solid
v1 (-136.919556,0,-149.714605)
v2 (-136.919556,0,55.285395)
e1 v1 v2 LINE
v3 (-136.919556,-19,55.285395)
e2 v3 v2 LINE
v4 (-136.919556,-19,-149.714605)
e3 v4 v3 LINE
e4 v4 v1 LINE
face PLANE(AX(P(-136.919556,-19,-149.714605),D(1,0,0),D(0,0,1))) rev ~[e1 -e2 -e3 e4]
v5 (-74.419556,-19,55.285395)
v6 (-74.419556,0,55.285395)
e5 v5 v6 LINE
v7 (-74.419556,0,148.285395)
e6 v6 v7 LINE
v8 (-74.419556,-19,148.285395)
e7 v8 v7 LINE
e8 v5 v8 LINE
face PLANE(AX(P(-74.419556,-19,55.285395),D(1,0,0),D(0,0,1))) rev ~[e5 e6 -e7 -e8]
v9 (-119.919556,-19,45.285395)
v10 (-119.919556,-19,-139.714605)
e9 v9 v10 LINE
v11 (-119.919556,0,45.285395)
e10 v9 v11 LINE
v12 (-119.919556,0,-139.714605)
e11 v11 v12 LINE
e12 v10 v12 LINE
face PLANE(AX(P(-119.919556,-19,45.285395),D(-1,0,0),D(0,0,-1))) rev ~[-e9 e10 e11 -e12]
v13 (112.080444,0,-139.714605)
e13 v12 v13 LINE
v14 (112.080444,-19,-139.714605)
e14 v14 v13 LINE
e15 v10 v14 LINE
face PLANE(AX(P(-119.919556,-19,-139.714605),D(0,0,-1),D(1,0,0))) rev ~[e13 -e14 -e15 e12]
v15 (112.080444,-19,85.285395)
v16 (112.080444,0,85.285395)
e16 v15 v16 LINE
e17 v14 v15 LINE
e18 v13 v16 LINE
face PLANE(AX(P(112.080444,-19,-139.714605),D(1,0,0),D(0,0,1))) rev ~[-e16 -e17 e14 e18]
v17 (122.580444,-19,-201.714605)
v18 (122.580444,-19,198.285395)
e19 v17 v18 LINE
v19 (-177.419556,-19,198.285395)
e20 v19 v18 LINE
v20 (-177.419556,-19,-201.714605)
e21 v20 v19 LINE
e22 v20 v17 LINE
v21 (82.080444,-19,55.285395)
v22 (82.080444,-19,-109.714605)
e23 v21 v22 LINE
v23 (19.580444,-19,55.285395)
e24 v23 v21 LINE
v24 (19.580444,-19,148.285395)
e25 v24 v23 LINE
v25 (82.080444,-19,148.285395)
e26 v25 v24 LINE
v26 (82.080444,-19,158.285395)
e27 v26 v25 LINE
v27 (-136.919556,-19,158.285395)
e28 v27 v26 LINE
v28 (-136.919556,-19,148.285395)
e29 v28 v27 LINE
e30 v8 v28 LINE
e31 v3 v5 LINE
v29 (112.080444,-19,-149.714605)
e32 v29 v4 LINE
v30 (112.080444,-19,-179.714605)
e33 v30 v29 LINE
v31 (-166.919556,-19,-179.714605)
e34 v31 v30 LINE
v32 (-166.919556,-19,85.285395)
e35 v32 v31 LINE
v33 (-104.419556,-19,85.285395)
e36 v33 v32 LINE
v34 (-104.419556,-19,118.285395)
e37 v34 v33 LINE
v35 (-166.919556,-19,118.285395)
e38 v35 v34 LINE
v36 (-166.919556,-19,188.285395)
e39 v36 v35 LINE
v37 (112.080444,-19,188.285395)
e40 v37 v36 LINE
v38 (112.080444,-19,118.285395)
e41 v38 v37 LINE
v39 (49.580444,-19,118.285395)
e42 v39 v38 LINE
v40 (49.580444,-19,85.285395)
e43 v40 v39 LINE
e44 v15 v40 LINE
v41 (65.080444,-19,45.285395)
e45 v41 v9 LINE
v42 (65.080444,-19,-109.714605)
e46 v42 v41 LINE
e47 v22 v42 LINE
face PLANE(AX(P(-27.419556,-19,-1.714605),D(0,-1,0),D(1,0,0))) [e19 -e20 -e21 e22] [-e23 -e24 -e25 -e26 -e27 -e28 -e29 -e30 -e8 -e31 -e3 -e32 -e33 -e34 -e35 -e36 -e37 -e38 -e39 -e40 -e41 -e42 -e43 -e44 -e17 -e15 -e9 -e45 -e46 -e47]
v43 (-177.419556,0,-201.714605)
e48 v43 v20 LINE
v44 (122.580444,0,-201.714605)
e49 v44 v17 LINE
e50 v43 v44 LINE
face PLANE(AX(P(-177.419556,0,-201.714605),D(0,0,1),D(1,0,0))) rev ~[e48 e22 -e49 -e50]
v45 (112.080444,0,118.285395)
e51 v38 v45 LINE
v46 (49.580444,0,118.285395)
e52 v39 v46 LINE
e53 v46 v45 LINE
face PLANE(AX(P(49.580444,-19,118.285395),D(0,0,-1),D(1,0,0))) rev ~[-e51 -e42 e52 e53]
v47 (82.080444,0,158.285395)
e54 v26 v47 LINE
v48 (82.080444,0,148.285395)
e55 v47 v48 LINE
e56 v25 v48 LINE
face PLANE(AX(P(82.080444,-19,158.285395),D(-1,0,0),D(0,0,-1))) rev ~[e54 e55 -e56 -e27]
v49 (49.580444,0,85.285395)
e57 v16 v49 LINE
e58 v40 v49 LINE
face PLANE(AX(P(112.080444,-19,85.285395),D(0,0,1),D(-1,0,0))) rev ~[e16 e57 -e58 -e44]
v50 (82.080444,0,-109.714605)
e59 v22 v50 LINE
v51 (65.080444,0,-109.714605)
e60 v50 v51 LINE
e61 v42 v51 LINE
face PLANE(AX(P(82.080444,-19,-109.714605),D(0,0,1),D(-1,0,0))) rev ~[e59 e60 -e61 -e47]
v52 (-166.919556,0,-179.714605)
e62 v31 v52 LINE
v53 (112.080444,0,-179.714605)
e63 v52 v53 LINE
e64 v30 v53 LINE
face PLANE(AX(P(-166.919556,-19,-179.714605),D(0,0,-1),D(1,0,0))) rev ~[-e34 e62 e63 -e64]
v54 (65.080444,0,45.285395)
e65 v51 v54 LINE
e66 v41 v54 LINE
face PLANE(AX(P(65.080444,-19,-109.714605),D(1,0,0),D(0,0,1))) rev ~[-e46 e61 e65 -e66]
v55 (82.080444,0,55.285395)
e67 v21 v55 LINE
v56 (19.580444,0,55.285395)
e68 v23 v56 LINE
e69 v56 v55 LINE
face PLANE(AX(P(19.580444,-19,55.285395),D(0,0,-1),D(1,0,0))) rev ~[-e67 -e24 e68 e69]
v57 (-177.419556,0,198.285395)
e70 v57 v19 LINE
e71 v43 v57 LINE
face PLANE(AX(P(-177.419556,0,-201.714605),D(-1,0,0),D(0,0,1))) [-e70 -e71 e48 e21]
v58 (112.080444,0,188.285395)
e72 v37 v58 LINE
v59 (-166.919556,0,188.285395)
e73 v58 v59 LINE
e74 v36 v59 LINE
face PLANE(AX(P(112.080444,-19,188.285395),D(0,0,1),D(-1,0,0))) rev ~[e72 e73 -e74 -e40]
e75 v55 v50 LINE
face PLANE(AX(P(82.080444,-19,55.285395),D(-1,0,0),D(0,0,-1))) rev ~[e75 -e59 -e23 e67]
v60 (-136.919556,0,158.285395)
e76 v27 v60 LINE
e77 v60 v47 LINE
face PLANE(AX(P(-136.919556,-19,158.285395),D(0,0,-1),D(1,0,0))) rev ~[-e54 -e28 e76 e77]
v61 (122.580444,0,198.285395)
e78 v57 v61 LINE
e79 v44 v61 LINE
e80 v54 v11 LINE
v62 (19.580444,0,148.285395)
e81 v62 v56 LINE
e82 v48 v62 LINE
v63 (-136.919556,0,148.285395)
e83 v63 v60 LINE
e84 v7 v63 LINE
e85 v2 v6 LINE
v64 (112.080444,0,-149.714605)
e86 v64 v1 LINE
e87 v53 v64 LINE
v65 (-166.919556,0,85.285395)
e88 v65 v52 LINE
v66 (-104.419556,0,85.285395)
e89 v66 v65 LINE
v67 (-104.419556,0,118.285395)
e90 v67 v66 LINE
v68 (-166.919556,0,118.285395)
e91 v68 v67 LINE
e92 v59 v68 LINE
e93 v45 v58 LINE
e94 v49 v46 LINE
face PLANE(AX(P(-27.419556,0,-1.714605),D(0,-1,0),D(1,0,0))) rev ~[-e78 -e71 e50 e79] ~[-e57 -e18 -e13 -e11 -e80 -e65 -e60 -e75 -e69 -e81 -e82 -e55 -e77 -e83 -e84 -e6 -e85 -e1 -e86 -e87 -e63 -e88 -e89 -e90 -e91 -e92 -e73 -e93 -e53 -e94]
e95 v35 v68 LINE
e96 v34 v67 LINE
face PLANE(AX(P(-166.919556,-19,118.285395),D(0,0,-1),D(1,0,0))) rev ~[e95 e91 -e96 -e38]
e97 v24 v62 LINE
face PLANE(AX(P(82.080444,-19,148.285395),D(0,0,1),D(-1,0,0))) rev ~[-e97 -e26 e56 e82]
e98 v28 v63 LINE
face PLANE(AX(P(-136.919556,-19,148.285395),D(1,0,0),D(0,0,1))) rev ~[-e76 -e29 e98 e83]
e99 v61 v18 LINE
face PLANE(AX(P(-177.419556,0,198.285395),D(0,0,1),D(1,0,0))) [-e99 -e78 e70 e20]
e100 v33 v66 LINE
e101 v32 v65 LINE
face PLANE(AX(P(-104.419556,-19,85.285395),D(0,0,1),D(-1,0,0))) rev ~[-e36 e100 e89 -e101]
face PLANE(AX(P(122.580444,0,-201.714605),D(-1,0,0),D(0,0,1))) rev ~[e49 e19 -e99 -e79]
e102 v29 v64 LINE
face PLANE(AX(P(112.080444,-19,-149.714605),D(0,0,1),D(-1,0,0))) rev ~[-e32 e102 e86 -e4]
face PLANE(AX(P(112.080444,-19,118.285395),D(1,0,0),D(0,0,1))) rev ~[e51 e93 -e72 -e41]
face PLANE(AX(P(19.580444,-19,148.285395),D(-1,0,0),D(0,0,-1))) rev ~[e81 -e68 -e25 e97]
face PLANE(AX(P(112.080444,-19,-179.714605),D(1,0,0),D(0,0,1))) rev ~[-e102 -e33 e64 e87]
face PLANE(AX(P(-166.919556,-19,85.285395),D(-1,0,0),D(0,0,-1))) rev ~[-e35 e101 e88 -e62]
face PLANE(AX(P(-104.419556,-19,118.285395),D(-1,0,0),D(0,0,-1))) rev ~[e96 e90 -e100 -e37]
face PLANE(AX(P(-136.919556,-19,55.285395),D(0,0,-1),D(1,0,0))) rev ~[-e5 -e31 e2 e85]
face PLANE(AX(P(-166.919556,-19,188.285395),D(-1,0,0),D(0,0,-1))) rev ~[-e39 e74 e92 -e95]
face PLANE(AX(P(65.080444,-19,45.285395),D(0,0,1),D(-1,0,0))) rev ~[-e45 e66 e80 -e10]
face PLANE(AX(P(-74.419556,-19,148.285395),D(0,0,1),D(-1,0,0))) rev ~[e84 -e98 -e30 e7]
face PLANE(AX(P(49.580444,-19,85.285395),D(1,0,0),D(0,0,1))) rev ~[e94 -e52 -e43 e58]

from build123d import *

# Parameters (mm, degrees)
F0_W     = 300
F0_H     = 400
F1_DEPTH = 19
F3_DEPTH = 19


with BuildPart() as f1:
    # F0 (on Front) → F1 (new body)
    with BuildSketch(Plane.XZ):
        with Locations((-27.419556, -1.714605)):
            Rectangle(F0_W, F0_H)
    extrude(amount=F1_DEPTH)

    # F2 (on face) → F3 (cut)
    with BuildSketch(Plane.XZ.offset(19)):
        Polygon((-166.919556, -179.714605), (112.080444, -179.714605), (112.080444, -149.714605), (-136.919556, -149.714605), (-136.919556, 55.285395), (-74.419556, 55.285395), (-74.419556, 148.285395), (-136.919556, 148.285395), (-136.919556, 158.285395), (82.080444, 158.285395), (82.080444, 148.285395), (19.580444, 148.285395), (19.580444, 55.285395), (82.080444, 55.285395), (82.080444, -109.714605), (65.080444, -109.714605), (65.080444, 45.285395), (-119.919556, 45.285395), (-119.919556, -139.714605), (112.080444, -139.714605), (112.080444, 85.285395), (49.580444, 85.285395), (49.580444, 118.285395), (112.080444, 118.285395), (112.080444, 188.285395), (-166.919556, 188.285395), (-166.919556, 118.285395), (-104.419556, 118.285395), (-104.419556, 85.285395), (-166.919556, 85.285395), align=None)
    extrude(amount=-F3_DEPTH, mode=Mode.SUBTRACT)


solid = f1.part
